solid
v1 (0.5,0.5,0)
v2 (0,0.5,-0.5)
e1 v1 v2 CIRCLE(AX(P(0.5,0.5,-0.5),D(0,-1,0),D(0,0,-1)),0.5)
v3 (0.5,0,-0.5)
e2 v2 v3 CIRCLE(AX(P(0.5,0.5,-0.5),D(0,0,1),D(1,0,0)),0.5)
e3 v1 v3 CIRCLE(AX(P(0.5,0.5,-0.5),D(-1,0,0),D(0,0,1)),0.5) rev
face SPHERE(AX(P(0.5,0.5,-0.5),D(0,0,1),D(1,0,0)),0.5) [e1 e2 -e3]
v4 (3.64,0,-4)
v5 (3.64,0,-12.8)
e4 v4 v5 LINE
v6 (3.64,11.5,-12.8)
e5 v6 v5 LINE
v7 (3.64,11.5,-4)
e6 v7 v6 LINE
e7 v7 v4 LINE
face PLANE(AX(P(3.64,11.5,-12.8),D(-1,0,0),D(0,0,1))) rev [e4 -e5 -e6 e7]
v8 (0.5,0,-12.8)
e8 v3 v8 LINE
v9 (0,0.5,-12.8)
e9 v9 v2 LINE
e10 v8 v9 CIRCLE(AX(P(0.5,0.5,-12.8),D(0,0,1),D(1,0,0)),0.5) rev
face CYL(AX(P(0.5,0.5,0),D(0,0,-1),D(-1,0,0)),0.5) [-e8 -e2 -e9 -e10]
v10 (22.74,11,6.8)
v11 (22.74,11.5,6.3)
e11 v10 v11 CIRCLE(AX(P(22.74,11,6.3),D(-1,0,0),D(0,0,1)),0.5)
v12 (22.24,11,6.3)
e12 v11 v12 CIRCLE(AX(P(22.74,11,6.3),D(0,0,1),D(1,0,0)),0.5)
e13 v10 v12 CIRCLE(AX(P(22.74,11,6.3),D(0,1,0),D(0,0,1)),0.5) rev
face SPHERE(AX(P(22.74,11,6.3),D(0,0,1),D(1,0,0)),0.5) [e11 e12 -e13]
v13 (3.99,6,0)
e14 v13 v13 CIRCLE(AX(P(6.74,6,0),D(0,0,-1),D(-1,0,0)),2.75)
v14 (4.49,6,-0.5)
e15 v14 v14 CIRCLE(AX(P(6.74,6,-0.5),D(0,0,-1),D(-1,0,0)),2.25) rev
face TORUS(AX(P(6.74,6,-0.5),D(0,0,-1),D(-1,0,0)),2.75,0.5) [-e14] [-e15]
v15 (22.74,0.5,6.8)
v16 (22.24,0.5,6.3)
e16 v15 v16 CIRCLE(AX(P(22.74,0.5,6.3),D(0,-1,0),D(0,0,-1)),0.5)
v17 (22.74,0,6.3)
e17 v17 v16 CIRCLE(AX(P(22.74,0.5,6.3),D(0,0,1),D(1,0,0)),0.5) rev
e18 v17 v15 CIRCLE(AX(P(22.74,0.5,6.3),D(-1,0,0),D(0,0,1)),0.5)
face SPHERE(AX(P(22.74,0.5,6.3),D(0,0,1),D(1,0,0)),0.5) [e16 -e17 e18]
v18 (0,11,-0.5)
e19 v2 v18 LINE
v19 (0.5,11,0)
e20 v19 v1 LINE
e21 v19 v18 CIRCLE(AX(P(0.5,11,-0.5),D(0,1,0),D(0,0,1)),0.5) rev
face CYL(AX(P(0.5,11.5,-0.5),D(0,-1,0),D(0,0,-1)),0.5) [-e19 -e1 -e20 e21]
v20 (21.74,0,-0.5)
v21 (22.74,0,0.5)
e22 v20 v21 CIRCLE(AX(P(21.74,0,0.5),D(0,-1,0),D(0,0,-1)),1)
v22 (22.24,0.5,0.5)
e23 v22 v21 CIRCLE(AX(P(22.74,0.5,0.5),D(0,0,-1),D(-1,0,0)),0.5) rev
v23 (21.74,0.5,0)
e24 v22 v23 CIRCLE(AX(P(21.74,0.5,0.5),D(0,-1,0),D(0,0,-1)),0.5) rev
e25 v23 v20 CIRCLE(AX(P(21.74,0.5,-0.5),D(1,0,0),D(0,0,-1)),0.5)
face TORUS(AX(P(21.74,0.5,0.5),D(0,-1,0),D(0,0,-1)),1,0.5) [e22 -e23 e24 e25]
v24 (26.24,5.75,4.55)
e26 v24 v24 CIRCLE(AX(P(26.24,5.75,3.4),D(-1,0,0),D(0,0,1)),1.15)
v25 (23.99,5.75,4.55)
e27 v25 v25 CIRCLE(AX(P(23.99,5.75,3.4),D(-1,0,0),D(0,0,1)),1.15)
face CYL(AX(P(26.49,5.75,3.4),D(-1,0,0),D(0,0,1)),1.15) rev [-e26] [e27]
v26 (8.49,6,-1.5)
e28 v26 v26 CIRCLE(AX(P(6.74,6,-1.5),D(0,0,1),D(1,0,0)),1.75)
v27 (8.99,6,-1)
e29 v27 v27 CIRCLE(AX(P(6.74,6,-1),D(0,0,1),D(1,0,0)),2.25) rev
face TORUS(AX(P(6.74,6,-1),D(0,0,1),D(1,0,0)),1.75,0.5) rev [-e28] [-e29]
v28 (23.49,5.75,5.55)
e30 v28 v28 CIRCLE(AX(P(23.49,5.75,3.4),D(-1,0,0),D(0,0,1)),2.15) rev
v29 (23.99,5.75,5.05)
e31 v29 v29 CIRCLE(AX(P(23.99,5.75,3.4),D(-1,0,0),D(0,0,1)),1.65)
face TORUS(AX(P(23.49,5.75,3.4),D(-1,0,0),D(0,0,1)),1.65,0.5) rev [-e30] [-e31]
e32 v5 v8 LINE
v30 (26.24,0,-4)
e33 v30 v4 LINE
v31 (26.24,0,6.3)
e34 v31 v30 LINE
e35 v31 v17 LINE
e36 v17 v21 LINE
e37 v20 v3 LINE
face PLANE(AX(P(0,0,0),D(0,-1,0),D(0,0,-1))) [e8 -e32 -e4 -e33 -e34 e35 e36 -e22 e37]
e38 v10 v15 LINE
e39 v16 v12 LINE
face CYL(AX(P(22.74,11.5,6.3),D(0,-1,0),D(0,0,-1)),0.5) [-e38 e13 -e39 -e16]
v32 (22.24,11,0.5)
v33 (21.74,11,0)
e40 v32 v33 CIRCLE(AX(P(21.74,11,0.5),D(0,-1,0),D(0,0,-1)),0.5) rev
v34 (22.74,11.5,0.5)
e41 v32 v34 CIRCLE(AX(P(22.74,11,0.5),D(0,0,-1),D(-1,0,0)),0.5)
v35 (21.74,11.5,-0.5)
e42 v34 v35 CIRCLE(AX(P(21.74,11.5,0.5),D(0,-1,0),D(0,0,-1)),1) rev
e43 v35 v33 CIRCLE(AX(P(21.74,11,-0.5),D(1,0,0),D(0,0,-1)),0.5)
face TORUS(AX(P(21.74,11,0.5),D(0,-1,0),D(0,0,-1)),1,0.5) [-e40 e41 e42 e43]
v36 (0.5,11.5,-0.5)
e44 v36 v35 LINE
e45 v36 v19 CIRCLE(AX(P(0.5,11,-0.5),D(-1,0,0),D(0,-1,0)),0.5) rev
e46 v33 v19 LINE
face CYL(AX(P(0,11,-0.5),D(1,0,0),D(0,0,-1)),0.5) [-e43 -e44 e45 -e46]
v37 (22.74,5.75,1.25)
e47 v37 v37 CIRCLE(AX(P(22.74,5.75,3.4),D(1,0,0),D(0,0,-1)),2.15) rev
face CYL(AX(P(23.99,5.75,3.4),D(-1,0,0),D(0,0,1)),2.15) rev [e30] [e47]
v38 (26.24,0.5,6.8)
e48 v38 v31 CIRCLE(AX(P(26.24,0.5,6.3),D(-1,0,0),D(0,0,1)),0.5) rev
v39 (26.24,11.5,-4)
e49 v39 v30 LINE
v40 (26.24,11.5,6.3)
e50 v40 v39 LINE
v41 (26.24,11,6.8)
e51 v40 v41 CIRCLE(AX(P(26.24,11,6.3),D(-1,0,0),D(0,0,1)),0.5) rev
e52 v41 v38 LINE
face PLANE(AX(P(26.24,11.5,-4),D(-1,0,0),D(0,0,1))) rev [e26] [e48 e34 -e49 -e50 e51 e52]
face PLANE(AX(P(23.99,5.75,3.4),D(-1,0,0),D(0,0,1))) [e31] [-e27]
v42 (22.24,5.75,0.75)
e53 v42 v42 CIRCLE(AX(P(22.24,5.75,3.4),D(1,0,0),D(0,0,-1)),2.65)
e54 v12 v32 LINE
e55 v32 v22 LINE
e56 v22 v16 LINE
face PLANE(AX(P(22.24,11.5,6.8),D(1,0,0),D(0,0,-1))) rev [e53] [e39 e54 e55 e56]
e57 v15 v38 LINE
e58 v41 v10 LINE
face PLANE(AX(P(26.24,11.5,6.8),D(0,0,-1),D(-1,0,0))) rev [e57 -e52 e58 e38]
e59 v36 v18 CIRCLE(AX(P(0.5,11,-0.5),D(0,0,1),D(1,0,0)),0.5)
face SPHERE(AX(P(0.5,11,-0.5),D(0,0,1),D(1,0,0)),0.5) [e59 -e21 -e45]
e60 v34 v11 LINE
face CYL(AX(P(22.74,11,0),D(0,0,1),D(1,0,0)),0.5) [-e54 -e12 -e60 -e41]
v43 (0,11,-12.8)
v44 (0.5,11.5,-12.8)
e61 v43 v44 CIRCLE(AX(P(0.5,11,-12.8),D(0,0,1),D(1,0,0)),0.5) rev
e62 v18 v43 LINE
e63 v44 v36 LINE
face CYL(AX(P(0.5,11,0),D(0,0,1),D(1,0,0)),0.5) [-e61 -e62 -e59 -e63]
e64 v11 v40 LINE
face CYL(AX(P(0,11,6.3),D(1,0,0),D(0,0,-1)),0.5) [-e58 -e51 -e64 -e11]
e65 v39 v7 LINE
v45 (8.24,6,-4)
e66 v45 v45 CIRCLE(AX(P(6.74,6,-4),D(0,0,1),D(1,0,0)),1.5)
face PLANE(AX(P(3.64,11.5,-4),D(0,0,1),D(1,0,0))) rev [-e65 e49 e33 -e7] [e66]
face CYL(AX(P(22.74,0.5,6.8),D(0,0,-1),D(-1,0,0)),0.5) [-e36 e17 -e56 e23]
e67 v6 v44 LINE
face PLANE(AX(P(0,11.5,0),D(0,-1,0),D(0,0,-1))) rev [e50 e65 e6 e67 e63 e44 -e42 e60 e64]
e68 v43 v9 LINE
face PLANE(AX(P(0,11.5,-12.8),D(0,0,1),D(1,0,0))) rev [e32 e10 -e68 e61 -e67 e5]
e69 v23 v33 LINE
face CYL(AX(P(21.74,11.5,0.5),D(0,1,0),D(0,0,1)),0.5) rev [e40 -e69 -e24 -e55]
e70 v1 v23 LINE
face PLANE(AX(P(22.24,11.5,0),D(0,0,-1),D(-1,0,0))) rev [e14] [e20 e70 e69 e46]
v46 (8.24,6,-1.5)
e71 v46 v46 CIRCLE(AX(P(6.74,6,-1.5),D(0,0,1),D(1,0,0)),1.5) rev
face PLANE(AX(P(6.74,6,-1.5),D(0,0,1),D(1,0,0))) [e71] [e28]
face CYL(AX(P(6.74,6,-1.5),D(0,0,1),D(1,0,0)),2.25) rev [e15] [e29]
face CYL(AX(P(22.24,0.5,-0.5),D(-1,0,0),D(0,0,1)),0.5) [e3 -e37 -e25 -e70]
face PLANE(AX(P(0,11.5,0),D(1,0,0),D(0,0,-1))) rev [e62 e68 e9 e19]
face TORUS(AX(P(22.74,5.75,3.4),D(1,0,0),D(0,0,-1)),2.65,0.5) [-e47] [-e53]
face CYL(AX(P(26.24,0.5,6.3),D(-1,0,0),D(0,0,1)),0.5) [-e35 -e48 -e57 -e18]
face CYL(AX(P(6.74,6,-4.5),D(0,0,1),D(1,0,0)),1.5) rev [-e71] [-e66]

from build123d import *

# Parameters (mm, degrees)
BOSS_EXTRUDE1_DEPTH = 11.5
SKETCH4_R           = 1.5
CUT_EXTRUDE1_DEPTH  = 4.5
SKETCH5_R           = 2.25
CUT_EXTRUDE2_DEPTH  = 1.5
SKETCH6_R           = 2.15
CUT_EXTRUDE3_DEPTH  = 1.75
SKETCH7_R           = 1.15
CUT_EXTRUDE4_DEPTH  = 2.5
FILLET4_R           = 0.5
FILLET5_R           = 0.5
FILLET6_R           = 0.5


with BuildPart() as part:
    # Sketch1 → Boss-Extrude1 (new body)
    with BuildSketch(Plane(origin=(0, 0, 0), x_dir=(1, 0, 0), z_dir=(0, 1, 0))):
        Polygon((0, 0), (0, 12.8), (3.64, 12.8), (3.64, 4), (26.24, 4), (26.24, -6.8), (22.24, -6.8), (22.24, 0), align=None)
    extrude(amount=BOSS_EXTRUDE1_DEPTH)

    # Sketch4 → Cut-Extrude1 (cut)
    with BuildSketch(Plane.XY):
        with Locations((6.74, 6)):
            Circle(SKETCH4_R)
    extrude(amount=-CUT_EXTRUDE1_DEPTH, mode=Mode.SUBTRACT)

    # Sketch5 → Cut-Extrude2 (cut)
    with BuildSketch(Plane.XY):
        with Locations((6.74, 6)):
            Circle(SKETCH5_R)
    extrude(amount=-CUT_EXTRUDE2_DEPTH, mode=Mode.SUBTRACT)

    # Sketch6 → Cut-Extrude3 (cut)
    with BuildSketch(Plane.ZY.offset(-22.24)):
        with Locations((3.4, 5.75)):
            Circle(SKETCH6_R)
    extrude(amount=-CUT_EXTRUDE3_DEPTH, mode=Mode.SUBTRACT)

    # Sketch7 → Cut-Extrude4 (cut)
    with BuildSketch(Plane.ZY.offset(-23.99)):
        with Locations((3.4, 5.75)):
            Circle(SKETCH7_R)
    extrude(amount=-CUT_EXTRUDE4_DEPTH, mode=Mode.SUBTRACT)

    # Fillet4
    fillet4_edges = [part.edges().sort_by_distance(p)[0] for p in [
        (4.49, 6, 0),
        (4.49, 6, -1.5),
    ]]
    fillet(fillet4_edges, radius=FILLET4_R)

    # Fillet5
    fillet5_edges = [part.edges().sort_by_distance(p)[0] for p in [
        (23.99, 5.75, 1.25),
        (22.24, 5.75, 1.25),
    ]]
    fillet(fillet5_edges, radius=FILLET5_R)

    # Fillet6
    fillet6_edges = [part.edges().sort_by_distance(p)[0] for p in [
        (24.24, 11.5, 6.8),
        (22.24, 0, 3.4),
        (11.12, 0, 0),
        (0, 5.75, 0),
        (22.24, 5.75, 6.8),
        (22.24, 5.75, 0),
        (0, 11.5, -6.4),
        (11.12, 11.5, 0),
        (22.24, 11.5, 3.4),
        (0, 0, -6.4),
        (24.24, 0, 6.8),
    ]]
    fillet(fillet6_edges, radius=FILLET6_R)


solid = part.part
